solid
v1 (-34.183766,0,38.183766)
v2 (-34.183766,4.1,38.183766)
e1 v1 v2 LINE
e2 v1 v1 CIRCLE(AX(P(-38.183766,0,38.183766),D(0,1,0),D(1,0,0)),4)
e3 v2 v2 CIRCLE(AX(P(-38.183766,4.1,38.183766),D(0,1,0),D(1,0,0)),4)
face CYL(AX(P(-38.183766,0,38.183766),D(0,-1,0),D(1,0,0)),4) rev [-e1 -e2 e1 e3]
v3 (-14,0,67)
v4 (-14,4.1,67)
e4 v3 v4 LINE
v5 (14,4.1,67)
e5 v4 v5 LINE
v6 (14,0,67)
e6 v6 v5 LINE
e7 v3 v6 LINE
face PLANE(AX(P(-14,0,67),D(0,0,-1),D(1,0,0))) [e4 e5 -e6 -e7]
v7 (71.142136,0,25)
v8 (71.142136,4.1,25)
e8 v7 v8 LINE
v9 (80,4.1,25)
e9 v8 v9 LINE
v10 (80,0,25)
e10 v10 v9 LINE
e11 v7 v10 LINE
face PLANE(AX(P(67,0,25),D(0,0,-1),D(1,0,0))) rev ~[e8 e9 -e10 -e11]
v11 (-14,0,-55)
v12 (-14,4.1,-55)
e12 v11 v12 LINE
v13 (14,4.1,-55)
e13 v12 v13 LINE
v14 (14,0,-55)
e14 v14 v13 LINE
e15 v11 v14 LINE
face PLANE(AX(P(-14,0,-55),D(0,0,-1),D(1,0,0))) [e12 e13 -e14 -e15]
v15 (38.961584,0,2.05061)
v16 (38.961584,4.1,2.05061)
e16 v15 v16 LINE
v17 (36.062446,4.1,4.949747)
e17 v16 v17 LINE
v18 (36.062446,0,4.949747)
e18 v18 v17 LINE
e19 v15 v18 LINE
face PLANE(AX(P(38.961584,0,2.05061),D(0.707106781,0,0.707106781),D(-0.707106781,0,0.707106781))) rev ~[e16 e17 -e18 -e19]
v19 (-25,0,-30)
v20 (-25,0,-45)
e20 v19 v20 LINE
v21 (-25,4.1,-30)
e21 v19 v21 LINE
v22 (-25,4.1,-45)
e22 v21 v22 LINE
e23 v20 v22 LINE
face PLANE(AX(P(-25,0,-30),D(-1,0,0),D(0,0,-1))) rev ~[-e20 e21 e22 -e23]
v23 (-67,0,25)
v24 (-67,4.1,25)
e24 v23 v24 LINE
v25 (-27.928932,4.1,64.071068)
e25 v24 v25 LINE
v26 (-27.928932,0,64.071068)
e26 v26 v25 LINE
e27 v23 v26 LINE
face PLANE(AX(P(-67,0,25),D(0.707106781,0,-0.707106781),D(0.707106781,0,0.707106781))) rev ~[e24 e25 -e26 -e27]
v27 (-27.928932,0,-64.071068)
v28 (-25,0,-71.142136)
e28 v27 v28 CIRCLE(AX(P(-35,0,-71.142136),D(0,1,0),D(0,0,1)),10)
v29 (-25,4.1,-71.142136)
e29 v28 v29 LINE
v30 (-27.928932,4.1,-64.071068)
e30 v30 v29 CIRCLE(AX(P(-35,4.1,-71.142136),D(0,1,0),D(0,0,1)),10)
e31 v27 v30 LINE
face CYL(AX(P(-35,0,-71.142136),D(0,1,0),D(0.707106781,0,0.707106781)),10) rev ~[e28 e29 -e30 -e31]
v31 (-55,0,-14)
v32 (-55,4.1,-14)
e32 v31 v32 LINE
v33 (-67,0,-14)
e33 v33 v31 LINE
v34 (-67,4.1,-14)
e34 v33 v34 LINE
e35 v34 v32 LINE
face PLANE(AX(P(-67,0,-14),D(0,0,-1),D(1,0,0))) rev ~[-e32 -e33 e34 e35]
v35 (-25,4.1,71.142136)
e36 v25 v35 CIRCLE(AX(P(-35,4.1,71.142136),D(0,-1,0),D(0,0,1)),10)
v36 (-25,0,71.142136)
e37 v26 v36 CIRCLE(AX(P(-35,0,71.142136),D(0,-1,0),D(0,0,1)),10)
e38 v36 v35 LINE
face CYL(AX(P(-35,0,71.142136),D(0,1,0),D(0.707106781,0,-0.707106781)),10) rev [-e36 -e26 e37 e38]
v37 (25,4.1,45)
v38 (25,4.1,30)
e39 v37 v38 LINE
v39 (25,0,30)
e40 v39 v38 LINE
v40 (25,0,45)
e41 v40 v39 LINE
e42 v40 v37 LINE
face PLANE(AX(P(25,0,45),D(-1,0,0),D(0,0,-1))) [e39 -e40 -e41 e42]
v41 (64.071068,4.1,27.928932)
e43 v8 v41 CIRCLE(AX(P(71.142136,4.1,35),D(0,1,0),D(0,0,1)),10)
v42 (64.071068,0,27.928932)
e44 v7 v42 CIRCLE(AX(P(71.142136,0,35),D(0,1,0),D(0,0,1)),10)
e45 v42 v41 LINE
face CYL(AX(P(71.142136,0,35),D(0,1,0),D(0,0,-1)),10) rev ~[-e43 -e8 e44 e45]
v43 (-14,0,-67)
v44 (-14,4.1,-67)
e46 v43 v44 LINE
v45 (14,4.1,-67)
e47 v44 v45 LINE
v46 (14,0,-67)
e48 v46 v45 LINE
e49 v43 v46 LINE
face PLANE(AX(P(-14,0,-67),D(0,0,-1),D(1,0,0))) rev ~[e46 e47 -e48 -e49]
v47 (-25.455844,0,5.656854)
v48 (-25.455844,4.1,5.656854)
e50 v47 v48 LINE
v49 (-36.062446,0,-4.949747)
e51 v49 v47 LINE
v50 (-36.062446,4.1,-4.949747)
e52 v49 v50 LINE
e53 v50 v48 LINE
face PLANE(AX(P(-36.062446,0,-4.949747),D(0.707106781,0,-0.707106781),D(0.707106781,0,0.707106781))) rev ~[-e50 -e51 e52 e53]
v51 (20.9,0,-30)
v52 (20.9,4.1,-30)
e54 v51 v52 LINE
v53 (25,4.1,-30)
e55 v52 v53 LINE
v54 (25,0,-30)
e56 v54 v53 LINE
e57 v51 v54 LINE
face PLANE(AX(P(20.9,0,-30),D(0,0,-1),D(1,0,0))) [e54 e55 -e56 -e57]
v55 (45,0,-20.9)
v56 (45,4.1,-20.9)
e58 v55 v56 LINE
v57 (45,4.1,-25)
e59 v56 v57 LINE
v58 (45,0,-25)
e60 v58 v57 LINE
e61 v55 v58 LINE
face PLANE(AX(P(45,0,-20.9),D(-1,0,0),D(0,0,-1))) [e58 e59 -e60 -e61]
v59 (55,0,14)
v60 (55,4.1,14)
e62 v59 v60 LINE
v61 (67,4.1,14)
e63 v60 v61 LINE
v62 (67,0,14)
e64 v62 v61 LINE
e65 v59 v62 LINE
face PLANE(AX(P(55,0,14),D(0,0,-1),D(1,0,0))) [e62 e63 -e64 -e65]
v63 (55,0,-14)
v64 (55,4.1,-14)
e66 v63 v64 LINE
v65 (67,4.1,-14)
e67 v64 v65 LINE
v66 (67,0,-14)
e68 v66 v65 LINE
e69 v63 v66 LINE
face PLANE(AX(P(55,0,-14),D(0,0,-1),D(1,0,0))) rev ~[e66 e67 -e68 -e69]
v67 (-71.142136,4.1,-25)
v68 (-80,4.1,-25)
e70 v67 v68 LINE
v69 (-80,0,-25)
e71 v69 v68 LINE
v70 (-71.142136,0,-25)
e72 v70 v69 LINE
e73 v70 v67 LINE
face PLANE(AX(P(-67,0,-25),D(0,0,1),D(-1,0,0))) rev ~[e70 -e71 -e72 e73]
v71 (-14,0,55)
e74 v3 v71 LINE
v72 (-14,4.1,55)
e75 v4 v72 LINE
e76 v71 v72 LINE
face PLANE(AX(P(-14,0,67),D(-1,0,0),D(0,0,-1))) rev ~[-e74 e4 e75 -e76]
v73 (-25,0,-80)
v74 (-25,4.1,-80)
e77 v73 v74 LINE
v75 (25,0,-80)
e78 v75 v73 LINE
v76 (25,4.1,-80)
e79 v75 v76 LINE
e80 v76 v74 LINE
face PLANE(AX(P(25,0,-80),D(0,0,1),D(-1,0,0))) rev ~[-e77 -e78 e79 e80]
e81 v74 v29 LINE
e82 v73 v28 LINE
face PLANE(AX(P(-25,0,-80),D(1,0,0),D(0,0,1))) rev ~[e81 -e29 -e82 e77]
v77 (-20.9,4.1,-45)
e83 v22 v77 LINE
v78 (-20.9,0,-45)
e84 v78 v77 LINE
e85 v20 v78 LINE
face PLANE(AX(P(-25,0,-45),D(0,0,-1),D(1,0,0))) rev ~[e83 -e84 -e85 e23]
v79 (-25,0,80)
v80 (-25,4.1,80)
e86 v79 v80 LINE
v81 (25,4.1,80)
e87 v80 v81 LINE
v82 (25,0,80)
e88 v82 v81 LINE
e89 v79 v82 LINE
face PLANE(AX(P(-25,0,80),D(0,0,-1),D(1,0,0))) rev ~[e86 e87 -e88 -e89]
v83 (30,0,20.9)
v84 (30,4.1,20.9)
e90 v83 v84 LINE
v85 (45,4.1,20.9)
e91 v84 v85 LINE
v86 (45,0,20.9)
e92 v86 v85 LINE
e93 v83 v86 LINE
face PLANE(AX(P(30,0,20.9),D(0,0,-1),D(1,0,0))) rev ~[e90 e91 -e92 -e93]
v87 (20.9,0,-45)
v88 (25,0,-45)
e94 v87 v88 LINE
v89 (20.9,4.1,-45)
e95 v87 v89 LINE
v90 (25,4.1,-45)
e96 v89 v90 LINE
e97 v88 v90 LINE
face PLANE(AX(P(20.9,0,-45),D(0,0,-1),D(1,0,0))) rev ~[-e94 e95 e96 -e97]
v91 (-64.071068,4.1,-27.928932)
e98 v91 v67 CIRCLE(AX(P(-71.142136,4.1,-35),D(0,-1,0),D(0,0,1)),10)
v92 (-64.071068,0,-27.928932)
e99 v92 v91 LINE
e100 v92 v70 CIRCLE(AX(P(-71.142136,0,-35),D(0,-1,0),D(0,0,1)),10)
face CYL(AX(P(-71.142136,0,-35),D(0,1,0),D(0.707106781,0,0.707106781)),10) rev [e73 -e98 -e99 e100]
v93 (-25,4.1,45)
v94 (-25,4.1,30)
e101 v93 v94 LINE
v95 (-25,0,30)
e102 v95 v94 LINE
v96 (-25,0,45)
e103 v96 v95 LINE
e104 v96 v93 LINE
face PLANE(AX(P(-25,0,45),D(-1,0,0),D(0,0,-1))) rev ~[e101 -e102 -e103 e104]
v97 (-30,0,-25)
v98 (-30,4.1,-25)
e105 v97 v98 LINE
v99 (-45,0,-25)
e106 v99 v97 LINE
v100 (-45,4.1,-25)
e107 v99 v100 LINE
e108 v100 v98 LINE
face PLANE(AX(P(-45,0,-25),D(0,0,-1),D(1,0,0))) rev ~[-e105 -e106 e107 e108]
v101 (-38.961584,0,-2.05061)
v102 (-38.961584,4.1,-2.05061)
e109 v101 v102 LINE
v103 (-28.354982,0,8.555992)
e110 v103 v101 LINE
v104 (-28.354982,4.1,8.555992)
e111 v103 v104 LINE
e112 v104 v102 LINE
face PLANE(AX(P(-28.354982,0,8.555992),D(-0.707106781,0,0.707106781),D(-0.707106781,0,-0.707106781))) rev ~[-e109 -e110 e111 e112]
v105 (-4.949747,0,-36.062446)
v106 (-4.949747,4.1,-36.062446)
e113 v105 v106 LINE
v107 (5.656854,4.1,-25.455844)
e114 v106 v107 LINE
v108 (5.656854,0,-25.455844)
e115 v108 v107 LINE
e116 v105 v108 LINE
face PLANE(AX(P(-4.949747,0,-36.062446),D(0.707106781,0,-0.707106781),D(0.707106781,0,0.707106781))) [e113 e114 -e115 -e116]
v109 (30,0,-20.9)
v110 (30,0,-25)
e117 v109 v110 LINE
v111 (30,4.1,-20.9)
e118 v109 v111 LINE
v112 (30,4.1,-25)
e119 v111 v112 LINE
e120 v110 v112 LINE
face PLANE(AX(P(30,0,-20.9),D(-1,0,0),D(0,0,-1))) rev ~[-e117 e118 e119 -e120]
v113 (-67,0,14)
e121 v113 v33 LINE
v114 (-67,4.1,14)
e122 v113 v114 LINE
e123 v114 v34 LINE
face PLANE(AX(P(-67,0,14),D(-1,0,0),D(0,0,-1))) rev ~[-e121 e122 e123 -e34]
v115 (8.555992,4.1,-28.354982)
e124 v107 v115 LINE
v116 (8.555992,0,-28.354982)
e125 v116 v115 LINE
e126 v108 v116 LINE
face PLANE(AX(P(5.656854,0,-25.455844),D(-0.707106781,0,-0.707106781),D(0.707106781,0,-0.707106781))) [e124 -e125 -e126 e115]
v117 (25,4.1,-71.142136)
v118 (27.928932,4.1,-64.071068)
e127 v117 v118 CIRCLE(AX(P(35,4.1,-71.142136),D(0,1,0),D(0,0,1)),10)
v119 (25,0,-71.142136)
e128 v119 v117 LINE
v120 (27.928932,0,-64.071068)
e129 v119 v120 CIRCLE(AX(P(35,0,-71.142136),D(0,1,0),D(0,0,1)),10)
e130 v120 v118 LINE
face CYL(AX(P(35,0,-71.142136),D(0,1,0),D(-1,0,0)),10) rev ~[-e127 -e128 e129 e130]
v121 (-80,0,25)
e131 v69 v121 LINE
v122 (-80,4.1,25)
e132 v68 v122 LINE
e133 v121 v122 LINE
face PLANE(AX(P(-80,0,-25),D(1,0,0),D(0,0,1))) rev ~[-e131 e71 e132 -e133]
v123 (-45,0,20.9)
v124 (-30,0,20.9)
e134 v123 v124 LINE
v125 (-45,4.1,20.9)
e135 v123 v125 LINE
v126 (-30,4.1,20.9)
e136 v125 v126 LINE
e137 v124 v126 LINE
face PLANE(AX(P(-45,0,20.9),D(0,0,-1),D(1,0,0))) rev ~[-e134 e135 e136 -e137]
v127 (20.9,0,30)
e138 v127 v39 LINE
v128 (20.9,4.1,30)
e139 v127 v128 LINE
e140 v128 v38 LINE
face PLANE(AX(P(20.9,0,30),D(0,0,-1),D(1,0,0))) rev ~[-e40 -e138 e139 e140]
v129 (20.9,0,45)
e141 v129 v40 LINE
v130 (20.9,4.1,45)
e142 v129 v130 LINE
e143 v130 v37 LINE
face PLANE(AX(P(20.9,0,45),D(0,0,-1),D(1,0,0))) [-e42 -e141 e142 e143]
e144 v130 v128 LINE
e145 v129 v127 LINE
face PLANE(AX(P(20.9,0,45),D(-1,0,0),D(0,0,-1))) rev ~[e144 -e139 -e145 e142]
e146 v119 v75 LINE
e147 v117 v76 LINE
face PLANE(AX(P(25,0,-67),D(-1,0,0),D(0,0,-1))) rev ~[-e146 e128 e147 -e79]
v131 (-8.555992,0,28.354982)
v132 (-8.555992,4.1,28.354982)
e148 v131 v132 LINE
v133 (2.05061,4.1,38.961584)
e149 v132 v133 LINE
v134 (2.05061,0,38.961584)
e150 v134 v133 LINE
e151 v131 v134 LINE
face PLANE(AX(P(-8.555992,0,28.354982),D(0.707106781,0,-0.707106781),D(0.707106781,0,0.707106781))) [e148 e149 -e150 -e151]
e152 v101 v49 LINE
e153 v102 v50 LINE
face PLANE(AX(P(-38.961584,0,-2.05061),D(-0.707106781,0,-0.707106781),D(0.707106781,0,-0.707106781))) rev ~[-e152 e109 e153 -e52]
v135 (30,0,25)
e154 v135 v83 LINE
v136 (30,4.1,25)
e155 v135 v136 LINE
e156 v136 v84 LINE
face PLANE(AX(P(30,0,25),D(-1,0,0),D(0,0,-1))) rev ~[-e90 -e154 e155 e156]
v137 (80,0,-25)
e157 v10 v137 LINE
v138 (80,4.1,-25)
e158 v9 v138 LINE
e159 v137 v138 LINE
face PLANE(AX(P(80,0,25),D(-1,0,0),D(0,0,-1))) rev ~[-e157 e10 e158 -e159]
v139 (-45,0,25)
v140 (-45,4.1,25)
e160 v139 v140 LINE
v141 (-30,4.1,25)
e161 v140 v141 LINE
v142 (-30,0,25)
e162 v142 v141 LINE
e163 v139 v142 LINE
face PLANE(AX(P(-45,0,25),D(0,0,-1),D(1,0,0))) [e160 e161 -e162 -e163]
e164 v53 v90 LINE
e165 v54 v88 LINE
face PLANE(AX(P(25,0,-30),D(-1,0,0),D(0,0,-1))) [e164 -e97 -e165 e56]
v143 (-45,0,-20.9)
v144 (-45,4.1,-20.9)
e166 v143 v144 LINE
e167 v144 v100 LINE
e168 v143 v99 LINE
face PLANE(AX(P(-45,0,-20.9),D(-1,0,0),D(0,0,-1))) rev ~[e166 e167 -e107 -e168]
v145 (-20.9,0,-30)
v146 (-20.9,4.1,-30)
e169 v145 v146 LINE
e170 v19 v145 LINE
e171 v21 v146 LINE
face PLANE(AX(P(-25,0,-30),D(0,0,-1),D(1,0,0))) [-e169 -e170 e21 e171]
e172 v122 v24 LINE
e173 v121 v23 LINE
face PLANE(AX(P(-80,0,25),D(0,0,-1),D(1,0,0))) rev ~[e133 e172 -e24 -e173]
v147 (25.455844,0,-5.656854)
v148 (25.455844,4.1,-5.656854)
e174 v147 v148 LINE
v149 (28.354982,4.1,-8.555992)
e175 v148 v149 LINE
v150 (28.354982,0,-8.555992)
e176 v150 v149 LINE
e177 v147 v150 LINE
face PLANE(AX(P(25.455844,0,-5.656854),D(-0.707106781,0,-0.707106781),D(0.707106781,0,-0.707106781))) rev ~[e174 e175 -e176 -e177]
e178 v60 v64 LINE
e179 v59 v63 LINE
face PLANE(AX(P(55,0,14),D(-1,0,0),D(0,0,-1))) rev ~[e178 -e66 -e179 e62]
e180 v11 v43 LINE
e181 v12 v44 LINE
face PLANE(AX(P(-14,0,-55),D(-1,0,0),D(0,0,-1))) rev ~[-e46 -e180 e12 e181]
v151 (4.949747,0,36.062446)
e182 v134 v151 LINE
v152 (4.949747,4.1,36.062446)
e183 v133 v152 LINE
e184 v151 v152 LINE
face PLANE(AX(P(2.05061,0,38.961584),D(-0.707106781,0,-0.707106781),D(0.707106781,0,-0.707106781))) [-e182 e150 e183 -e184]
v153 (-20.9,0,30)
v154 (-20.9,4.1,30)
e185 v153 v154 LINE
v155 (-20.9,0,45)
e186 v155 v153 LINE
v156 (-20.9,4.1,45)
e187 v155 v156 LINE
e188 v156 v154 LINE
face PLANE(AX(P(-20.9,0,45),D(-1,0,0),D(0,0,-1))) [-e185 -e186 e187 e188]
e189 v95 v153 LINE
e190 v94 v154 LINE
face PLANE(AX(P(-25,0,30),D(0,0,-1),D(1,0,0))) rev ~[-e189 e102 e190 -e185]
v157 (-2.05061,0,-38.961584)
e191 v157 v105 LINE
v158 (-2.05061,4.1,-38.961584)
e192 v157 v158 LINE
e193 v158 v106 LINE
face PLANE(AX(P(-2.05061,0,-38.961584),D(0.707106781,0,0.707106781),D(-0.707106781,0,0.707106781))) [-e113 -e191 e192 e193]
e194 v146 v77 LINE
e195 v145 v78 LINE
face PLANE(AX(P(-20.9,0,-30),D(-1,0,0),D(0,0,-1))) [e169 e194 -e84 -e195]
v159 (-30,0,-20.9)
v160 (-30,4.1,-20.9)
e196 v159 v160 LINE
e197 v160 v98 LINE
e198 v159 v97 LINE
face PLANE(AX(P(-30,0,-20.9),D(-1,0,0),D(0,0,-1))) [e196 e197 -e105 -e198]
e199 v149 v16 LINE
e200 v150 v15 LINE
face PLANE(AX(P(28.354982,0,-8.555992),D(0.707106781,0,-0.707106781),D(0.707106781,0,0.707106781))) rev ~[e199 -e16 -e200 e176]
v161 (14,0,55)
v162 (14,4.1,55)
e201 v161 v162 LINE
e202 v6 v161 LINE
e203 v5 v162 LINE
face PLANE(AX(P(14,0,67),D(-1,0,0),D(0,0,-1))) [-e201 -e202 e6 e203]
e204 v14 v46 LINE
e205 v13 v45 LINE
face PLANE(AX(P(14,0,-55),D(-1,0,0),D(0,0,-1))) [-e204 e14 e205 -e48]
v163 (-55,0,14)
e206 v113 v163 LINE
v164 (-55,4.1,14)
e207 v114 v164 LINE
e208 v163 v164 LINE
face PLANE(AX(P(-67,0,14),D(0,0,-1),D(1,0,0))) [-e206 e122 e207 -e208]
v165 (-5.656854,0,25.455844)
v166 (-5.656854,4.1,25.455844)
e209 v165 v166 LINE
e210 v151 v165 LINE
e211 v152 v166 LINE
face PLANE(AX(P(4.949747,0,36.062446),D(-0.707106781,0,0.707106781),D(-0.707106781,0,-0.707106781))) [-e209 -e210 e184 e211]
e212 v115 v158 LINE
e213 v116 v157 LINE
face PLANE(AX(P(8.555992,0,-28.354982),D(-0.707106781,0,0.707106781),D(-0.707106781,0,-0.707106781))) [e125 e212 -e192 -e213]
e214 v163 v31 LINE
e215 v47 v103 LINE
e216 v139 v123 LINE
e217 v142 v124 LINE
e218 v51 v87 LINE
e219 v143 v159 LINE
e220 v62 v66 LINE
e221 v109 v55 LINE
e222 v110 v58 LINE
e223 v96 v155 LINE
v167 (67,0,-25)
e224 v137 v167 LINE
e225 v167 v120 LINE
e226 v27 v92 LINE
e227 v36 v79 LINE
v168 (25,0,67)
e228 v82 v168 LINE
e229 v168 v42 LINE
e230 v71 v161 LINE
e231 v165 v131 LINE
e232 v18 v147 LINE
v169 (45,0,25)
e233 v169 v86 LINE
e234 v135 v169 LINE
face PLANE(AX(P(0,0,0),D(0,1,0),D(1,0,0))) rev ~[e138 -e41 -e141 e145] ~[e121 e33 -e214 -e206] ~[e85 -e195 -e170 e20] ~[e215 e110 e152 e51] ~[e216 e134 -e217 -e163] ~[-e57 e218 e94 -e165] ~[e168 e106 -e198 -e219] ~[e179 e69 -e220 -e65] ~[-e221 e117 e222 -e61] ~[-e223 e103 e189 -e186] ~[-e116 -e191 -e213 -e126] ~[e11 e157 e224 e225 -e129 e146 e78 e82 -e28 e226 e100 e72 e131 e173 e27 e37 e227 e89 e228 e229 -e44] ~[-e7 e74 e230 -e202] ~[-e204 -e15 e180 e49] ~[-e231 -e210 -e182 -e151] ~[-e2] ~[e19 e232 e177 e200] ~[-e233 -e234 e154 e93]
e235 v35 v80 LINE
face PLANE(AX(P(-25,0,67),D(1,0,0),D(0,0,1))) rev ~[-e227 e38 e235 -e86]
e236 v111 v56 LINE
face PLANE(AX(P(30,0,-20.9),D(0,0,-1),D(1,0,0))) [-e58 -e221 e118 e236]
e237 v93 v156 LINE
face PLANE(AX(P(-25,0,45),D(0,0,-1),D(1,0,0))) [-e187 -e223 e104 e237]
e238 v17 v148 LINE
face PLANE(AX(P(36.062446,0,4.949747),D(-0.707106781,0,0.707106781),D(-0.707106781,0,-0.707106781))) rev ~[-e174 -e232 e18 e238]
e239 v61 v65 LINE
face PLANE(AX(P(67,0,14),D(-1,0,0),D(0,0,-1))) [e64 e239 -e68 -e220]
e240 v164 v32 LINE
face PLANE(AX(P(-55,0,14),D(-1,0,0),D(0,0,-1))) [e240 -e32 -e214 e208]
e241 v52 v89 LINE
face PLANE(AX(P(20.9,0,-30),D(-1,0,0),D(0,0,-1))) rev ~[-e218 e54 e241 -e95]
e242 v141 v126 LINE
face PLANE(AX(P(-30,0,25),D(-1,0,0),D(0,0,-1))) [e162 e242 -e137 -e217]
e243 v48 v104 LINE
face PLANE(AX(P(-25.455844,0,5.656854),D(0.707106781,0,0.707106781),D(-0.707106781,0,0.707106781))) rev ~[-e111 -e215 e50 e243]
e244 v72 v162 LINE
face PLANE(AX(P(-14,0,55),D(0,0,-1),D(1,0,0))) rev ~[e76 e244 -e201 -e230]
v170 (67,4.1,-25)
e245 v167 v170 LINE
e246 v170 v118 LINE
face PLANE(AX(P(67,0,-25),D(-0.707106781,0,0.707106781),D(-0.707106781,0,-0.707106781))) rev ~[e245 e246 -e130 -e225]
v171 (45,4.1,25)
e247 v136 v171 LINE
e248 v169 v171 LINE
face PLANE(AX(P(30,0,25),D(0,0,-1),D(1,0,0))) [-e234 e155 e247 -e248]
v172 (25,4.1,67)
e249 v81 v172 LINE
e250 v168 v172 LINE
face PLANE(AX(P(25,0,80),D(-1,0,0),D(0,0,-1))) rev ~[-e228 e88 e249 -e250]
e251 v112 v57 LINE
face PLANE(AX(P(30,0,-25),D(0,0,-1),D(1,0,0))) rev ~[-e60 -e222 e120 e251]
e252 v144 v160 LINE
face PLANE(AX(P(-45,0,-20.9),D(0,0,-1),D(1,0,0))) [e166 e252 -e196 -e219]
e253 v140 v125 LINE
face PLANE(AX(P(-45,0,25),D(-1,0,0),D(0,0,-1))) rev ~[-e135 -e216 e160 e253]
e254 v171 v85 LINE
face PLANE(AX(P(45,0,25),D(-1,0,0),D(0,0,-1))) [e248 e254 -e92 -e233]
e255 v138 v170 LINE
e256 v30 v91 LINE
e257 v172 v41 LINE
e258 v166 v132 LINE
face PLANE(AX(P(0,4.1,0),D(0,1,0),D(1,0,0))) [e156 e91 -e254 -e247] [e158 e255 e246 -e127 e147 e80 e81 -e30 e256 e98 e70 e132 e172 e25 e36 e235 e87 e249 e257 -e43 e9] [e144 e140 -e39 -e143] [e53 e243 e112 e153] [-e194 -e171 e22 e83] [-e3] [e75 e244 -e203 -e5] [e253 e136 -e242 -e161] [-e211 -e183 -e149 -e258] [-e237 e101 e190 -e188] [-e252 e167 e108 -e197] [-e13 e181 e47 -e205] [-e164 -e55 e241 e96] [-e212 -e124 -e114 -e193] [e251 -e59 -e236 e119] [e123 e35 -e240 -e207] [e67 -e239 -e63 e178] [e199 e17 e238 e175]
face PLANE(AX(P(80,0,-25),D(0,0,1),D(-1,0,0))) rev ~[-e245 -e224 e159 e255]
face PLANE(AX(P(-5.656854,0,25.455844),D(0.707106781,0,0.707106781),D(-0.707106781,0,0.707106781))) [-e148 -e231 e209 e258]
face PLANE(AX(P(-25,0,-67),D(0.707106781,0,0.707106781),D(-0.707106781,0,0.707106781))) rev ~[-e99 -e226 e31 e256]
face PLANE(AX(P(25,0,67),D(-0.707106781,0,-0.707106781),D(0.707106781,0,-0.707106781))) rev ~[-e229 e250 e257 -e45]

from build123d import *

# Parameters (mm, degrees)
SKETCH1_R           = 4
SKETCH1_W           = 4.1
SKETCH1_H           = 15
SKETCH1_W_2         = 15
SKETCH1_H_2         = 4.1
SKETCH1_W_3         = 12
SKETCH1_H_3         = 28
SKETCH1_W_4         = 28
SKETCH1_H_4         = 12
BOSS_EXTRUDE1_DEPTH = 4.1
FILLET4_R           = 10


with BuildPart() as part:
    # Sketch1 → Boss-Extrude1 (new body)
    with BuildSketch(Plane(origin=(0, 0, 0), x_dir=(1, 0, 0), z_dir=(0, 1, 0))):
        Polygon((-25, 67), (-67, 25), (-80, 25), (-80, -25), (-67, -25), (-25, -67), (-25, -80), (25, -80), (25, -67), (67, -25), (80, -25), (80, 25), (67, 25), (25, 67), (25, 80), (-25, 80), align=None)
        with Locations((-38.183766184, -38.183766184)):
            Circle(SKETCH1_R, mode=Mode.SUBTRACT)
        with Locations((-22.95, 37.5)):
            Rectangle(SKETCH1_W, SKETCH1_H, mode=Mode.SUBTRACT)
        with Locations((-37.5, 22.95)):
            Rectangle(SKETCH1_W_2, SKETCH1_H_2, mode=Mode.SUBTRACT)
        with Locations((37.5, -22.95)):
            Rectangle(SKETCH1_W_2, SKETCH1_H_2, mode=Mode.SUBTRACT)
        with Locations((22.95, -37.5)):
            Rectangle(SKETCH1_W, SKETCH1_H, mode=Mode.SUBTRACT)
        with Locations((37.5, 22.95)):
            Rectangle(SKETCH1_W_2, SKETCH1_H_2, mode=Mode.SUBTRACT)
        with Locations((-37.5, -22.95)):
            Rectangle(SKETCH1_W_2, SKETCH1_H_2, mode=Mode.SUBTRACT)
        with Locations((22.95, 37.5)):
            Rectangle(SKETCH1_W, SKETCH1_H, mode=Mode.SUBTRACT)
        with Locations((-22.95, -37.5)):
            Rectangle(SKETCH1_W, SKETCH1_H, mode=Mode.SUBTRACT)
        Polygon((-36.062445841, 4.949747468), (-25.455844123, -5.656854249), (-28.354981926, -8.555992052), (-38.961583643, 2.050609665), align=None, mode=Mode.SUBTRACT)
        Polygon((-8.555992052, -28.354981926), (2.050609665, -38.961583643), (4.949747468, -36.062445841), (-5.656854249, -25.455844123), align=None, mode=Mode.SUBTRACT)
        with Locations((-61, 0)):
            Rectangle(SKETCH1_W_3, SKETCH1_H_3, mode=Mode.SUBTRACT)
        with Locations((61, 0)):
            Rectangle(SKETCH1_W_3, SKETCH1_H_3, mode=Mode.SUBTRACT)
        with Locations((0, 61)):
            Rectangle(SKETCH1_W_4, SKETCH1_H_4, mode=Mode.SUBTRACT)
        with Locations((0, -61)):
            Rectangle(SKETCH1_W_4, SKETCH1_H_4, mode=Mode.SUBTRACT)
        Polygon((38.961583643, -2.050609665), (36.062445841, -4.949747468), (25.455844123, 5.656854249), (28.354981926, 8.555992052), align=None, mode=Mode.SUBTRACT)
        Polygon((8.555992052, 28.354981926), (-2.050609665, 38.961583643), (-4.949747468, 36.062445841), (5.656854249, 25.455844123), align=None, mode=Mode.SUBTRACT)
    extrude(amount=BOSS_EXTRUDE1_DEPTH)

    # Fillet4
    fillet4_edges = [part.edges().sort_by_distance(p)[0] for p in [
        (-25, 2.05, 67),
        (-67, 2.05, -25),
        (-25, 2.05, -67),
        (25, 2.05, -67),
        (67, 2.05, 25),
    ]]
    fillet(fillet4_edges, radius=FILLET4_R)


solid = part.part
